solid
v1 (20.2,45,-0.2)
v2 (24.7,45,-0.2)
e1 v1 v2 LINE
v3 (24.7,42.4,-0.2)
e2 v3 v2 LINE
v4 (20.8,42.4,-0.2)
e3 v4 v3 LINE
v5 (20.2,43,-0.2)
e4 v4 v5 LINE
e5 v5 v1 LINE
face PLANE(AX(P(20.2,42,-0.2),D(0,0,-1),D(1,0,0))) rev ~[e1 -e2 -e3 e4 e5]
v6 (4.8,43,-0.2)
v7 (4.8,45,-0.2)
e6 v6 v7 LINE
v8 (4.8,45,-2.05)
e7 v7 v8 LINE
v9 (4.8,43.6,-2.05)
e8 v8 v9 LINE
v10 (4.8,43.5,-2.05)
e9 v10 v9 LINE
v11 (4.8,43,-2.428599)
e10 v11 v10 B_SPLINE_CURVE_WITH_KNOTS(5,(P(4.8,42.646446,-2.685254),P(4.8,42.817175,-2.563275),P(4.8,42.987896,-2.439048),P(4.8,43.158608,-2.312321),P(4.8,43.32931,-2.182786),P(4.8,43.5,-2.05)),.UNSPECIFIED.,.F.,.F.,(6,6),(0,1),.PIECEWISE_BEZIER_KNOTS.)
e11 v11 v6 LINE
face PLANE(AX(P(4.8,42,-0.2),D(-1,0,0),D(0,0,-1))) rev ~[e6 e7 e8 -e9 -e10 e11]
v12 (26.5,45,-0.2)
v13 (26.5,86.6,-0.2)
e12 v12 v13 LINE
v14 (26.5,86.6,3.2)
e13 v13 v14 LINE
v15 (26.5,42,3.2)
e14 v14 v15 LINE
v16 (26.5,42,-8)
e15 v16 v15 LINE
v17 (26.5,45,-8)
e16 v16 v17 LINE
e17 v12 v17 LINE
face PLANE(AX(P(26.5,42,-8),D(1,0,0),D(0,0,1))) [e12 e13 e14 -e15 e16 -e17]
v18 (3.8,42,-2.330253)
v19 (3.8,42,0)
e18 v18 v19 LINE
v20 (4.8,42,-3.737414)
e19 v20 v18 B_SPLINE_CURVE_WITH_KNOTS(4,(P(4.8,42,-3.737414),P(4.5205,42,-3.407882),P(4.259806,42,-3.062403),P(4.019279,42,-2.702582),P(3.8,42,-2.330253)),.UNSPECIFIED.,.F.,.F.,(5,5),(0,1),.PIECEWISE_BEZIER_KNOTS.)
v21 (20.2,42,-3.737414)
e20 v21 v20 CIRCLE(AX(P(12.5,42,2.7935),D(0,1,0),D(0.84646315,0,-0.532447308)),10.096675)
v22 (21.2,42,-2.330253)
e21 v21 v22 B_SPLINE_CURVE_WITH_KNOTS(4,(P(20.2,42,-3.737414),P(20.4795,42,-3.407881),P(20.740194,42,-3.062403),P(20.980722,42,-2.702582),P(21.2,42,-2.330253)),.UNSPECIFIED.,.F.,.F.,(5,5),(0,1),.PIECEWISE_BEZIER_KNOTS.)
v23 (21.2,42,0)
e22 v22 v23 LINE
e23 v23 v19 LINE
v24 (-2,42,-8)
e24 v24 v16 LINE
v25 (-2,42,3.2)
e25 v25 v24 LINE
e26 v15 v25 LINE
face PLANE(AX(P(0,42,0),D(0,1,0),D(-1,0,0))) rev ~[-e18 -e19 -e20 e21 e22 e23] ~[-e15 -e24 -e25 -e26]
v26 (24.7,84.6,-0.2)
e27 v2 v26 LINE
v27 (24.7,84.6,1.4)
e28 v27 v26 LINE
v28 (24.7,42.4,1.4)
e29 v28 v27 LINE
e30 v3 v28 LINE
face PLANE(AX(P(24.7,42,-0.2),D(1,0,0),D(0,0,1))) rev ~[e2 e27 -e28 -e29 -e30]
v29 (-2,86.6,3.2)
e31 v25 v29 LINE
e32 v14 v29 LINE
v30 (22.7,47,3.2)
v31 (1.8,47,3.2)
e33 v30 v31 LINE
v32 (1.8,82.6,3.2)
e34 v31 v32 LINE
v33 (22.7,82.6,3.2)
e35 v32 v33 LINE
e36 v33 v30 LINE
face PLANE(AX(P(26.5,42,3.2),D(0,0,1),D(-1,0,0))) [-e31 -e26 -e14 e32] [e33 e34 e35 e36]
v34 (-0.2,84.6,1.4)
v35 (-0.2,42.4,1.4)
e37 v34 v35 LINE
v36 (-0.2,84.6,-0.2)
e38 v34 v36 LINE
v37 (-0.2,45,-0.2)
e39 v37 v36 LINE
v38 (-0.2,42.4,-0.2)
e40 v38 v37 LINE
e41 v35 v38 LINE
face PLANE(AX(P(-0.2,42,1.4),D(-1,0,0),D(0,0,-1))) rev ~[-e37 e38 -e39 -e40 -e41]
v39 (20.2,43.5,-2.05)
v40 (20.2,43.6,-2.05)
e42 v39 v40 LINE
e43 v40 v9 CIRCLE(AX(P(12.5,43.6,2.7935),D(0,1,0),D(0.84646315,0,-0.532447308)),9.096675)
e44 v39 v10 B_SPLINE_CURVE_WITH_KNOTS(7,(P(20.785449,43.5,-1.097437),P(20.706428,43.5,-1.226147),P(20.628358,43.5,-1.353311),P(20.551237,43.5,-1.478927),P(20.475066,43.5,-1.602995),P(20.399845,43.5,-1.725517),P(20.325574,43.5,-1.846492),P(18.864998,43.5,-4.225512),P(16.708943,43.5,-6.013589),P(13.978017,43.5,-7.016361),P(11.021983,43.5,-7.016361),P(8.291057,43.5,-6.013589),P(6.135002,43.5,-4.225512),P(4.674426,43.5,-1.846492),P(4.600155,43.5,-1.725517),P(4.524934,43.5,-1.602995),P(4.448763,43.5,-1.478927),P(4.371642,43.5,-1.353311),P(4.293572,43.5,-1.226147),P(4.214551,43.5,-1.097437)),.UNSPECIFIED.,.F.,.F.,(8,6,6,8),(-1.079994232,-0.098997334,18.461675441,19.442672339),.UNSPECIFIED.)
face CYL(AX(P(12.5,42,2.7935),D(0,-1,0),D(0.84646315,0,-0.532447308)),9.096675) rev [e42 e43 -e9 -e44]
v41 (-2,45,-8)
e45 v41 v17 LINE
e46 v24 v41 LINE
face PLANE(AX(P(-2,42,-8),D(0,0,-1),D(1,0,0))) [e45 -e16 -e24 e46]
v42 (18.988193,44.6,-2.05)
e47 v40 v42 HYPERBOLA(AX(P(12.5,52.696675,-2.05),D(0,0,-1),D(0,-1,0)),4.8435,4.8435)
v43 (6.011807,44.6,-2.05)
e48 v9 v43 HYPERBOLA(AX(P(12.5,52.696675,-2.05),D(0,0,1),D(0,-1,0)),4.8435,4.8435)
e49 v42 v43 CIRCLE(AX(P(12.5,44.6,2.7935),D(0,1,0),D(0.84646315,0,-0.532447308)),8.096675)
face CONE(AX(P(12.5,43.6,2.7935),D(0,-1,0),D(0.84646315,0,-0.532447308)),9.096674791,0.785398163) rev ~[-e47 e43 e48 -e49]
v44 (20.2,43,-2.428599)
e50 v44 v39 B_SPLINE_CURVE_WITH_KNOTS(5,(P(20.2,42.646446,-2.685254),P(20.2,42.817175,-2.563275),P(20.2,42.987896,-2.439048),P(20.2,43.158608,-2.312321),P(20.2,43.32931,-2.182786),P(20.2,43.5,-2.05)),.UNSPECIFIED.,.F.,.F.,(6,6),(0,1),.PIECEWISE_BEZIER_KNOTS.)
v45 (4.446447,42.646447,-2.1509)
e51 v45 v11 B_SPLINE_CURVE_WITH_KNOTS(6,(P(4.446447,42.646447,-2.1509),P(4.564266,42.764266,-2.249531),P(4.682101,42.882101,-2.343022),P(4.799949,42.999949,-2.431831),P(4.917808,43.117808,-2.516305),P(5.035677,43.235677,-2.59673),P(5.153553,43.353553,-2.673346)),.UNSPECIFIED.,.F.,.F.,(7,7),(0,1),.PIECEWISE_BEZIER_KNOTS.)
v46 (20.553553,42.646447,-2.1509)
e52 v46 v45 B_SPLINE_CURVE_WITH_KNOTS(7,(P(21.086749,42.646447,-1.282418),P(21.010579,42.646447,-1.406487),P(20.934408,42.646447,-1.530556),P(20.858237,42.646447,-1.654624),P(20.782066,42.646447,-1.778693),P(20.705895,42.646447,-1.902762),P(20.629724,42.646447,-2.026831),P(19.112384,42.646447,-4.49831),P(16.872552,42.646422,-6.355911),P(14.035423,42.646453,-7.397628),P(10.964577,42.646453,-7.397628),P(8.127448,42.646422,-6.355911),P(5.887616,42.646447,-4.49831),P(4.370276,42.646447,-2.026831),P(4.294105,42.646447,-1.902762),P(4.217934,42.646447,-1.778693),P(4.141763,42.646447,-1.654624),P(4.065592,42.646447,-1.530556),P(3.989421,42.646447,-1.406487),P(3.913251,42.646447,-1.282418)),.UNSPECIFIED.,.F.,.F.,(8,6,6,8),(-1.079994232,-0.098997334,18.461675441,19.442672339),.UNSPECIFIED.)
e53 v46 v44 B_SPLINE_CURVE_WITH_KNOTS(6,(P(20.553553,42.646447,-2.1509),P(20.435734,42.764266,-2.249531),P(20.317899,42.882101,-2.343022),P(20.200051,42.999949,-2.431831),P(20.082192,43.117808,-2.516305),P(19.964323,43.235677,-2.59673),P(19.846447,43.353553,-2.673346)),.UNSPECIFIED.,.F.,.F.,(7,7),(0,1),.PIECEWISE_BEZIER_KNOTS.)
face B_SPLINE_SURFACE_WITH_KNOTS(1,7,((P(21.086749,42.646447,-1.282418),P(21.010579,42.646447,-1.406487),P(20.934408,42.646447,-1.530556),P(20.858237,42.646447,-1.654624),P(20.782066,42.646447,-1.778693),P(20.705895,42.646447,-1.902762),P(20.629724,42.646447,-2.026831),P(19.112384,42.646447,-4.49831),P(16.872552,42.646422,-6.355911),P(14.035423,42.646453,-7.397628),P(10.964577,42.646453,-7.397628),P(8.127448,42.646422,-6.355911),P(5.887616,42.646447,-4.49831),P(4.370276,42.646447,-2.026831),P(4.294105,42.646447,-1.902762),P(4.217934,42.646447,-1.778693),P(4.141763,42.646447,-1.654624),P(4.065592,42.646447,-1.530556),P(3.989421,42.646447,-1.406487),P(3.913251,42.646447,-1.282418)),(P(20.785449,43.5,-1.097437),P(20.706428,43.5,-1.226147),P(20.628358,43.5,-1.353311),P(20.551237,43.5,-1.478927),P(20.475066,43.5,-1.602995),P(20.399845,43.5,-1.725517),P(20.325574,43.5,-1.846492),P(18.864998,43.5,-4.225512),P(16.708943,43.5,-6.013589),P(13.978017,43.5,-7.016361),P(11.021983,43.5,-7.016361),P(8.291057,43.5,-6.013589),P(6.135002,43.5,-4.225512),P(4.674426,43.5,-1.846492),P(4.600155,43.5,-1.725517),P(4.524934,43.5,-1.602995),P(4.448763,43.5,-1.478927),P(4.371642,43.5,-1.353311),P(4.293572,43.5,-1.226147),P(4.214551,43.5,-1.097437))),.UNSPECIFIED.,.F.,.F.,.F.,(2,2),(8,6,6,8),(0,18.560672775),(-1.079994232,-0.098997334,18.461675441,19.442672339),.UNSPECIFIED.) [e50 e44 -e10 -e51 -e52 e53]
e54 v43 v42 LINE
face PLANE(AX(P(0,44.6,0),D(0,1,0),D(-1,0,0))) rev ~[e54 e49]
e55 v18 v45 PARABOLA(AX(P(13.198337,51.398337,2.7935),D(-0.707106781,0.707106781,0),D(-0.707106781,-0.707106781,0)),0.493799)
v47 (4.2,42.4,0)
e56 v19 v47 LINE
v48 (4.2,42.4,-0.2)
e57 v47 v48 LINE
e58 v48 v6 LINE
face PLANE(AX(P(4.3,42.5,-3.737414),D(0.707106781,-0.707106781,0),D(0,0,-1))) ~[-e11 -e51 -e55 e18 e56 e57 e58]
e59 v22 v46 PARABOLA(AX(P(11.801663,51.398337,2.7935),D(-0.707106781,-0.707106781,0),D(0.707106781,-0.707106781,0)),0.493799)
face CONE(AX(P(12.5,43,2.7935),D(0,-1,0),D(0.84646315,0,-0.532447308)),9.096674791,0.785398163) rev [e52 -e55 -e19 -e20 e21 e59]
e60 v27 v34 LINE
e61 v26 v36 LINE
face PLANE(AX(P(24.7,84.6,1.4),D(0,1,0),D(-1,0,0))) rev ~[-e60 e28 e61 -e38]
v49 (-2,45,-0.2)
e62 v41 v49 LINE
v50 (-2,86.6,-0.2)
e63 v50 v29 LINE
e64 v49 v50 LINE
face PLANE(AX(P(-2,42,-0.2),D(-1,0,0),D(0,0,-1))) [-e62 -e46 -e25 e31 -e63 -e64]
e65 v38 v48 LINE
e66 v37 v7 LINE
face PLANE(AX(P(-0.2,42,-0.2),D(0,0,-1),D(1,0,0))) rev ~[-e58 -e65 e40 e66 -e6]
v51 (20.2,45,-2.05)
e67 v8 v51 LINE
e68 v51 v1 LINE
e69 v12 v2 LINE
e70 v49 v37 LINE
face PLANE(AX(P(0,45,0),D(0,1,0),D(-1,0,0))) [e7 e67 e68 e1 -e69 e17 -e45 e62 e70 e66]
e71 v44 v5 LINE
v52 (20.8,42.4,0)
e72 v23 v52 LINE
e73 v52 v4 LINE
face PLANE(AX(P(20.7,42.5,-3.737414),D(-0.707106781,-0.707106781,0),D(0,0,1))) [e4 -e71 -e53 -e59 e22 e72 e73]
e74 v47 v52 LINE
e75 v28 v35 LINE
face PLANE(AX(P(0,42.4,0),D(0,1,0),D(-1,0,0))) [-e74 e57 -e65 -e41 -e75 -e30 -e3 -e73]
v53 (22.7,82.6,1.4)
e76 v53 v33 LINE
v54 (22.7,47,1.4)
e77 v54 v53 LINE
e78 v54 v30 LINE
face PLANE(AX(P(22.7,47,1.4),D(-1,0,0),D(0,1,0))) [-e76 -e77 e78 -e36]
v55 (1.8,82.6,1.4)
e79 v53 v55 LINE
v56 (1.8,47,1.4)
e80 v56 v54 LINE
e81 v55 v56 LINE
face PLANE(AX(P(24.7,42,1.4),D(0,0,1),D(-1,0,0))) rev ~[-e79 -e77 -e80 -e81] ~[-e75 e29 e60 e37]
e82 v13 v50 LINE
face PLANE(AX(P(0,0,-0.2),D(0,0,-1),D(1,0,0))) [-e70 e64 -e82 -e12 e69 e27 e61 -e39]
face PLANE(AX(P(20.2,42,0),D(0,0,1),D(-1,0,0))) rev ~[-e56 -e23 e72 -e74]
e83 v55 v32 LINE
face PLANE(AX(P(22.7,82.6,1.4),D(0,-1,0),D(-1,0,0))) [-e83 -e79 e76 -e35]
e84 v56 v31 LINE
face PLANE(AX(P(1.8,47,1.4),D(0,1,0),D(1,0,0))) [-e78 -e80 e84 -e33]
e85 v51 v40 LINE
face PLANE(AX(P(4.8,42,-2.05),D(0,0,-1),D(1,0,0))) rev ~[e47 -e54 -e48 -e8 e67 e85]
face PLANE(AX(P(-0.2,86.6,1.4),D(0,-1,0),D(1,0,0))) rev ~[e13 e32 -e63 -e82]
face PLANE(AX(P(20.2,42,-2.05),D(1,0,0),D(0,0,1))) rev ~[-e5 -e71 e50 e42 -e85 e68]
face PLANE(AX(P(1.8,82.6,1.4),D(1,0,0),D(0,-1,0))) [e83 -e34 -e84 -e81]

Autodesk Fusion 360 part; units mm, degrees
sketch "Sketch1" plane through (0, 0, 0) normal (0, 0, 1) x (1, 0, 0)
  line L0 (0, 0) -> (24.5, 0)
  line L1 (24.5, 0) -> (24.5, 42)
  line L2 (24.5, 42) -> (0, 42)
  line L3 (0, 42) -> (0, 0)
  line L4 (5, 39.4) -> (20, 39.4)
  line L5 (20, 39.4) -> (20, 24.4)
  line L6 (20, 24.4) -> (5, 24.4)
  line L7 (5, 24.4) -> (5, 39.4)
  dimension "d1" = 24.5
  dimension "d2" = 42
  dimension "d3" = 15
  dimension "d4" = 15
  dimension "d5" = 5
  dimension "d6" = 2.6
extrude "Extrude1" add sketch "Sketch1" along normal blind 1.2 contours L0 L1 L2 L3 | L4 L5 L6 L7 makes body 1
extrude "Extrude2" add sketch "Sketch1" against normal blind 1.85 contours L4 L5 L6 L7 bodies 1
sketch "Sketch2" plane through (0, 42, 0) normal (0, 1, 0) x (-1, 0, 0)
  line L0 (-24.5, 0) -> (0, 0)
  line L1 (0, 0) -> (0, 1.2)
  line L2 (0, 1.2) -> (-24.5, 1.2)
  line L3 (-24.5, 1.2) -> (-24.5, 0)
  line L4 (-26.5, 3.2) -> (2, 3.2)
  line L5 (2, 3.2) -> (2, -8)
  line L6 (2, -8) -> (-26.5, -8)
  line L7 (-26.5, -8) -> (-26.5, 3.2)
  line L8 (-20, 0) -> (-5, 0)
  line L9 (-5, 0) -> (-5, -1.85)
  line L10 (-5, -1.85) -> (-20, -1.85)
  line L11 (-20, -1.85) -> (-20, 0)
  line L12 (-20.2, 0.2) -> (-4.8, 0.2)
  line L13 (-4.8, 0.2) -> (-4.8, -2.05)
  line L14 (-4.8, -2.05) -> (-20.2, -2.05)
  line L15 (-20.2, -2.05) -> (-20.2, 0.2)
  line L16 (-24.7, 1.4) -> (0.2, 1.4)
  line L17 (0.2, 1.4) -> (0.2, -0.2)
  line L18 (0.2, -0.2) -> (-24.7, -0.2)
  line L19 (-24.7, -0.2) -> (-24.7, 1.4)
  arc A0 (-20.2, -2.05) -> (-4.8, -2.05) centre (-12.5, 2.7935) ccw
  line L20 (-26.5, 1.4) -> (2, 1.4)
  line L21 (2, 1.4) -> (2, 3.2)
  line L22 (2, 3.2) -> (-26.5, 3.2)
  line L23 (-26.5, 3.2) -> (-26.5, 1.4)
  line L24 (0.2, -0.2) -> (2, -0.2)
  line L25 (2, -0.2) -> (2, 1.4)
  line L26 (2, 1.4) -> (0.2, 1.4)
  line L27 (0.2, 1.4) -> (0.2, -0.2)
  line L28 (-24.7, -0.2) -> (-26.5, -0.2)
  line L29 (-26.5, -0.2) -> (-26.5, 1.4)
  line L30 (-26.5, 1.4) -> (-24.7, 1.4)
  line L31 (-24.7, 1.4) -> (-24.7, -0.2)
  dimension "d11" = 2
  dimension "d12" = 8
  dimension "d13" = 2
  dimension "d14" = 2
  dimension "d15" = 0.2
  dimension "d16" = 0.2
  dimension "d17" = 0.2
  dimension "d18" = 0.2
  dimension "d19" = 0.2
  dimension "d20" = 0.2
  dimension "d21" = 0.2
  dimension "d22" = 0.2
  dimension "d27" = 9.0967
  dimension "d33" = 0.2
extrude "Extrude3" add sketch "Sketch2" along normal blind 3 separate body contours L5 L6 L7 L13 L15 L18 A0 L24 L28 | L14 A0 | L7 L19 L20 L28 L29 L30 L31 | L5 L17 L20 L24 L25 L26 L27 | L4 L5 L7 L16 L20 L21 L22 L23 L26 L30 makes body 2
extrude "Extrude4" add sketch "Sketch2" along normal blind 0.4 contours L0 L8 L12 L13 L15 | L0 L1 L2 L3 L13 L15 L16 L17 L18 L19 L20 L27 L31 | L0 L1 L2 L3 L12 L13 L15 bodies 2
extrude "Extrude5" cut sketch "Sketch2" along normal blind 2.6 contours L14 A0 bodies 2
chamfer "Chamfer1" distance 1 angle 45 1 edges at (12.5, 44.6, -6.3032) on bodies 2
chamfer "Chamfer2" distance 1 angle 45 3 edges at (12.5, 42, -6.3032) (20.2, 42, -1.025) (4.8, 42, -1.025) on bodies 2
chamfer "Chamfer3" distance 0.5 angle 45 1 edges at (12.5, 43, -6.3032) on bodies 2
extrude "Extrude6" add sketch "Sketch2" along normal blind 44.6 contours L7 L19 L20 L28 L29 L30 L31 | L5 L17 L20 L24 L25 L26 L27 | L4 L5 L7 L16 L20 L21 L22 L23 L26 L30 bodies 2
sketch "Sketch3" plane through (0, 0, 1.4) normal (0, 0, -1) x (1, 0, 0)
  line L0 (24.7, -42.4) -> (-0.2, -42.4)
  line L1 (-0.2, -42.4) -> (-0.2, -86.6)
  line L2 (-0.2, -86.6) -> (24.7, -86.6)
  line L3 (24.7, -86.6) -> (24.7, -42.4)
  line L4 (-0.2, -86.6) -> (24.7, -86.6)
  line L5 (24.7, -86.6) -> (24.7, -84.6)
  line L6 (24.7, -84.6) -> (-0.2, -84.6)
  line L7 (-0.2, -84.6) -> (-0.2, -86.6)
  line L8 (1.8, -47) -> (22.7, -47)
  line L9 (22.7, -47) -> (22.7, -82.6)
  line L10 (22.7, -82.6) -> (1.8, -82.6)
  line L11 (1.8, -82.6) -> (1.8, -47)
  line L12 (26.5, -45) -> (-2, -45)
  dimension "d36" = 2
  dimension "d37" = 2
  dimension "d38" = 2
  dimension "d39" = 2
  dimension "d40" = 2
extrude "Extrude7" add sketch "Sketch3" along normal blind 1.6 contours L1 L2 L3 L4 L5 L6 L7 bodies 2
extrude "Extrude8" cut sketch "Sketch3" against normal blind 10 contours L8 L9 L10 L11 bodies 2
hidden bodies 1
equation "d34 = 42 mm + 0.6 mm + 2 mm"
